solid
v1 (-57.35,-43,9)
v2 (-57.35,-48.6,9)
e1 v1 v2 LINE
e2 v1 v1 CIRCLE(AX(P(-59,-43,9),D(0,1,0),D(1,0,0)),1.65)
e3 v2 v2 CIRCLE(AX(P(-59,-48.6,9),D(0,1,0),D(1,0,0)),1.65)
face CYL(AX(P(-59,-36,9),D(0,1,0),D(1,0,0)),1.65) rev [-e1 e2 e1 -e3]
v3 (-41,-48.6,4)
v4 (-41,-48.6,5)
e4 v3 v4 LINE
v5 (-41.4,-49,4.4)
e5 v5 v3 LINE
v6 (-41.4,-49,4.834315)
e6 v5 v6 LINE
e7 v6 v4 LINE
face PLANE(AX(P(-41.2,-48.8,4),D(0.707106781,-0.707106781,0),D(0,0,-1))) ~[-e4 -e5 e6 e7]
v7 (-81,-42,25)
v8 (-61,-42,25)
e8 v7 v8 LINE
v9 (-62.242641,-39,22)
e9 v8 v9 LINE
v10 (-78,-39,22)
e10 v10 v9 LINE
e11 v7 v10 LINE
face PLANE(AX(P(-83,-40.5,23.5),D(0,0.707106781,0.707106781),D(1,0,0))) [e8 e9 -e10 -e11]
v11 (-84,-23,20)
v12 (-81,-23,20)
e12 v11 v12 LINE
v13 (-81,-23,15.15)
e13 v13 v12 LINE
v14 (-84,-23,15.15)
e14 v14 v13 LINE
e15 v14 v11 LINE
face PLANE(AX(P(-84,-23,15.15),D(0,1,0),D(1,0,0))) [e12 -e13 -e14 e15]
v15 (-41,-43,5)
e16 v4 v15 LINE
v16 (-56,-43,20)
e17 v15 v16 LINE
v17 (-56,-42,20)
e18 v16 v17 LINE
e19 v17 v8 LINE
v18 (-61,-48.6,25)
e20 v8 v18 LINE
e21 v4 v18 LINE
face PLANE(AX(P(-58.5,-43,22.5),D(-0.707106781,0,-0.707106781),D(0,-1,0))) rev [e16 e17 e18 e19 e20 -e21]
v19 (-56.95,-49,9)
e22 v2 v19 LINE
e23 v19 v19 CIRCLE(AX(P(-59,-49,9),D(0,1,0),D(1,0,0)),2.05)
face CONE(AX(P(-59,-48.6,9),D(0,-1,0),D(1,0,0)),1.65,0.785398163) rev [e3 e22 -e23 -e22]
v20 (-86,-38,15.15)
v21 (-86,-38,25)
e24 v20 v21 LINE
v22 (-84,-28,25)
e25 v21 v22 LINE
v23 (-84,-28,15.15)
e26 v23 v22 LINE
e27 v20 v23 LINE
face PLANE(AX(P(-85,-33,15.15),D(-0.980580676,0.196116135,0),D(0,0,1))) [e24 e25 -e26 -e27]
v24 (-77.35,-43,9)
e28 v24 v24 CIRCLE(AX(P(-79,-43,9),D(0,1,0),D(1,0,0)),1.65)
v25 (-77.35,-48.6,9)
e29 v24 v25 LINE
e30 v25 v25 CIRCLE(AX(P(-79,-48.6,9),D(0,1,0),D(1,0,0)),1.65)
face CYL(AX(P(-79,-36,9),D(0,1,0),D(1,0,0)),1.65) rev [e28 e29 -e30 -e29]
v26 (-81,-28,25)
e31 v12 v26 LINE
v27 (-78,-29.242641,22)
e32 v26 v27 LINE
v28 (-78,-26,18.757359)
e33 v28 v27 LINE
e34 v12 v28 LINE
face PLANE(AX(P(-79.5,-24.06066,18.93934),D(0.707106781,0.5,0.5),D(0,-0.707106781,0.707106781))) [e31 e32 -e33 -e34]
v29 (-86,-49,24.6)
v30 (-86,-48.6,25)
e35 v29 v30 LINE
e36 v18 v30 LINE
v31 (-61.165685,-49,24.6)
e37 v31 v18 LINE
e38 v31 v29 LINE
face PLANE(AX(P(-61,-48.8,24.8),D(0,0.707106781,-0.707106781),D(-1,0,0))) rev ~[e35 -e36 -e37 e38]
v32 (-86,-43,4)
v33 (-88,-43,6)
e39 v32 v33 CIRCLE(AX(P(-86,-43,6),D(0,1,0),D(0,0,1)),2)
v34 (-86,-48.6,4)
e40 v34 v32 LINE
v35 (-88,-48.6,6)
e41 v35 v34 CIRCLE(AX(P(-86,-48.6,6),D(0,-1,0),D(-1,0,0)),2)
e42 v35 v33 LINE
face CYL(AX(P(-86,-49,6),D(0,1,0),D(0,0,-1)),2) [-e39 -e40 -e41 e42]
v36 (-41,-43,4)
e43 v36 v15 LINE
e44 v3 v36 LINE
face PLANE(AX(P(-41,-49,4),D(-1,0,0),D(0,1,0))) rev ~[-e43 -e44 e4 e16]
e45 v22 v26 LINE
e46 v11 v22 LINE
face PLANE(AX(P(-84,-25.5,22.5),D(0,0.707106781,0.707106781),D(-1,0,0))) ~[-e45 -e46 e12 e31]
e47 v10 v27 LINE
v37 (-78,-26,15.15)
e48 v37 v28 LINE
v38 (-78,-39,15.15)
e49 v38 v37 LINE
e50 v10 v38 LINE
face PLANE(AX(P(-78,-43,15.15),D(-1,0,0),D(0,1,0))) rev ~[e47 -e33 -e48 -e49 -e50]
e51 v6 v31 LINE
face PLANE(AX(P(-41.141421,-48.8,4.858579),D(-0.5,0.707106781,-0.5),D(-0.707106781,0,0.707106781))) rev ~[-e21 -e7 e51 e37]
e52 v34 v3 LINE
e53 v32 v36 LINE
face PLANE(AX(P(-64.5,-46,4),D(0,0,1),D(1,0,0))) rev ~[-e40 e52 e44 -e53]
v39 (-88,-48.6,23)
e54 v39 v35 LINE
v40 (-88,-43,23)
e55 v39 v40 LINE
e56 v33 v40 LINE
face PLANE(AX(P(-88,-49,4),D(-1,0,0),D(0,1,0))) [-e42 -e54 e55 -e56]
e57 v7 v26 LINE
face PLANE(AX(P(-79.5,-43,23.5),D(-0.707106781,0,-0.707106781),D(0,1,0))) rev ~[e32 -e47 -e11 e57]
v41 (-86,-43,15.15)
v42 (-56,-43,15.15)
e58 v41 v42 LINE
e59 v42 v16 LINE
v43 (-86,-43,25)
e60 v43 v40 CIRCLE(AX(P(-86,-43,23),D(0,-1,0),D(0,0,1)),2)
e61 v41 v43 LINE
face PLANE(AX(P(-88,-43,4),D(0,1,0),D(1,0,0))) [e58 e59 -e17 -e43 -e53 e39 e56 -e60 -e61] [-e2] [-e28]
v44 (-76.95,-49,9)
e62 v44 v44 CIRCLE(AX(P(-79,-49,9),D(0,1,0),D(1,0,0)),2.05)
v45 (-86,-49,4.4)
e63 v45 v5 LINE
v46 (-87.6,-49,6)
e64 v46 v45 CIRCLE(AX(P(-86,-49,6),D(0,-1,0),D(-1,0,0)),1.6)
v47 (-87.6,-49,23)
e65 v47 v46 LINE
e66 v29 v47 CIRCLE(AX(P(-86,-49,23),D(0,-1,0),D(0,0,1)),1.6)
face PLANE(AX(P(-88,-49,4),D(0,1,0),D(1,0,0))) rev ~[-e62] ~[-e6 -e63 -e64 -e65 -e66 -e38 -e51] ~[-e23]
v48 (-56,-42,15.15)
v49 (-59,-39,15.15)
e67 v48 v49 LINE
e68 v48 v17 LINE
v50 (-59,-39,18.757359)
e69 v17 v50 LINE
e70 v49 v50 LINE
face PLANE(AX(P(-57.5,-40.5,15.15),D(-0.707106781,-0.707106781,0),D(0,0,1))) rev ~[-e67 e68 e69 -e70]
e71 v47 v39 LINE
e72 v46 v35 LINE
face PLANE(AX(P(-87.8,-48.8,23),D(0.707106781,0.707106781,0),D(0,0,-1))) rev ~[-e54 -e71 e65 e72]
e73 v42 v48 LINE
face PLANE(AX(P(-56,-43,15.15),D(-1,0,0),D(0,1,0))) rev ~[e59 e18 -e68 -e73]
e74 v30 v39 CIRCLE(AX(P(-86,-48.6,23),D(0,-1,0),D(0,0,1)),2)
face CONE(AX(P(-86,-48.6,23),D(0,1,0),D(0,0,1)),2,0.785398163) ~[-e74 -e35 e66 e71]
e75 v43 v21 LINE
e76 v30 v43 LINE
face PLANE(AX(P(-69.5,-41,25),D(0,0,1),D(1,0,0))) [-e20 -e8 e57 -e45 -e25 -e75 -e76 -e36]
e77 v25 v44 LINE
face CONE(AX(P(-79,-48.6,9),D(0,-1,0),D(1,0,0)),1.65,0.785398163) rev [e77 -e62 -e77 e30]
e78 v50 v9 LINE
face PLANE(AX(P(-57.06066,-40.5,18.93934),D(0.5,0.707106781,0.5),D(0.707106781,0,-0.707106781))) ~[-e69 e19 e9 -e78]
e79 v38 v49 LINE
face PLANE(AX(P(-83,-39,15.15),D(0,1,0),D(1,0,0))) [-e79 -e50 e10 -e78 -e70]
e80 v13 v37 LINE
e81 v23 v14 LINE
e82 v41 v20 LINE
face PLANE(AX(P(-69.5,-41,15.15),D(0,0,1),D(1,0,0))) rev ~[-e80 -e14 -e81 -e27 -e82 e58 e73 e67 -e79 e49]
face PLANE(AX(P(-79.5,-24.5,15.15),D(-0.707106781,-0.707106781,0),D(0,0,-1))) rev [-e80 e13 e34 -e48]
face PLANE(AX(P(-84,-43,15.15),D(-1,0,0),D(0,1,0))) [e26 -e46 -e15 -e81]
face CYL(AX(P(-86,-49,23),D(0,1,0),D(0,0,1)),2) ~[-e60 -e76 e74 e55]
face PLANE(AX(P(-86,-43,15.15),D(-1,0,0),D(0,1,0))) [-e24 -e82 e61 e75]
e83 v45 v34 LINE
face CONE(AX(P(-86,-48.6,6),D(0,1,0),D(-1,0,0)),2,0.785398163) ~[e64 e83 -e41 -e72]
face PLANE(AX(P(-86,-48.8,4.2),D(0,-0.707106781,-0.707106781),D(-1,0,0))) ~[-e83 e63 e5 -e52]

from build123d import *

# Parameters (mm, degrees)
CYLINDER007_R     = 1.65
CYLINDER007_DEPTH = 15
CYLINDER008_R     = 1.65
CYLINDER008_DEPTH = 15
BOX027_W          = 4
BOX027_H          = 15
BOX027_DEPTH      = 9.85
CHAMFER017_SIZE2  = 2
CHAMFER017_SIZE   = 10
BOX024_W          = 6
BOX024_H          = 20
BOX024_DEPTH      = 9.85
CHAMFER015_SIZE   = 5
CHAMFER016_SIZE   = 3
BOX026_W          = 27
BOX026_H          = 4
BOX026_DEPTH      = 9.85
CHAMFER010_SIZE   = 5
CHAMFER011_SIZE   = 3
BOX022_W          = 47
BOX022_H          = 6
BOX022_DEPTH      = 21
CHAMFER008_SIZE   = 20
FILLET004_R       = 2
CHAMFER009_SIZE   = 0.4
CHAMFER018_SIZE   = 0.4


with BuildPart() as cylinder007:
    # Cylinder007 → Cylinder007 (new body)
    with BuildSketch(Plane(origin=(-59, -36, 9), x_dir=(1, 0, 0), z_dir=(0, -1, 0))):
        Circle(CYLINDER007_R)
    extrude(amount=CYLINDER007_DEPTH)


with BuildPart() as fusion002003009:
    # Cylinder008 → Cylinder008 (new body)
    with BuildSketch(Plane(origin=(-79, -36, 9), x_dir=(1, 0, 0), z_dir=(0, -1, 0))):
        Circle(CYLINDER008_R)
    extrude(amount=CYLINDER008_DEPTH)

    # Fusion002003009: union Cylinder007
    add(cylinder007.part)


with BuildPart() as chamfer017:
    # Box027 → Box027 (new body)
    with BuildSketch(Plane(origin=(-86, -43, 15.15), x_dir=(1, 0, 0), z_dir=(0, 0, 1))):
        with Locations((2, 7.5)):
            Rectangle(BOX027_W, BOX027_H)
    extrude(amount=BOX027_DEPTH)

    # Chamfer017
    chamfer017_edges = [chamfer017.edges().sort_by_distance(p)[0] for p in [
        (-86, -28, 20.075),
    ]]
    chamfer017_side = chamfer017.faces().sort_by_distance((-86, -35.5, 20.075))[0]
    chamfer(chamfer017_edges, length=CHAMFER017_SIZE, length2=CHAMFER017_SIZE2, reference=chamfer017_side)


with BuildPart() as chamfer016:
    # Box024 → Box024 (new body)
    with BuildSketch(Plane(origin=(-84, -43, 15.15), x_dir=(1, 0, 0), z_dir=(0, 0, 1))):
        with Locations((3, 10)):
            Rectangle(BOX024_W, BOX024_H)
    extrude(amount=BOX024_DEPTH)

    # Chamfer015
    chamfer015_edges = [chamfer016.edges().sort_by_distance(p)[0] for p in [
        (-81, -23, 25),
    ]]
    chamfer(chamfer015_edges, length=CHAMFER015_SIZE)

    # Chamfer016
    chamfer016_edges = [chamfer016.edges().sort_by_distance(p)[0] for p in [
        (-78, -35.5, 25),
        (-78, -25.5, 22.5),
        (-78, -23, 17.575),
    ]]
    chamfer(chamfer016_edges, length=CHAMFER016_SIZE)


with BuildPart() as chamfer011:
    # Box026 → Box026 (new body)
    with BuildSketch(Plane(origin=(-83, -43, 15.15), x_dir=(1, 0, 0), z_dir=(0, 0, 1))):
        with Locations((13.5, 2)):
            Rectangle(BOX026_W, BOX026_H)
    extrude(amount=BOX026_DEPTH)

    # Chamfer010
    chamfer010_edges = [chamfer011.edges().sort_by_distance(p)[0] for p in [
        (-56, -41, 25),
    ]]
    chamfer(chamfer010_edges, length=CHAMFER010_SIZE)

    # Chamfer011
    chamfer011_edges = [chamfer011.edges().sort_by_distance(p)[0] for p in [
        (-56, -39, 17.575),
        (-58.5, -39, 22.5),
        (-72, -39, 25),
    ]]
    chamfer(chamfer011_edges, length=CHAMFER011_SIZE)


with BuildPart() as wing:
    # Box022 → Box022 (new body)
    with BuildSketch(Plane(origin=(-88, -49, 4), x_dir=(1, 0, 0), z_dir=(0, 0, 1))):
        with Locations((23.5, 3)):
            Rectangle(BOX022_W, BOX022_H)
    extrude(amount=BOX022_DEPTH)

    # Chamfer008
    chamfer008_edges = [wing.edges().sort_by_distance(p)[0] for p in [
        (-41, -46, 25),
    ]]
    chamfer(chamfer008_edges, length=CHAMFER008_SIZE)

    # Fillet004
    fillet004_edges = [wing.edges().sort_by_distance(p)[0] for p in [
        (-88, -46, 4),
        (-88, -46, 25),
    ]]
    fillet(fillet004_edges, radius=FILLET004_R)

    # Chamfer009
    chamfer009_edges = [wing.edges().sort_by_distance(p)[0] for p in [
        (-63.5, -49, 4),
        (-87.414214, -49, 4.585786),
        (-88, -49, 14.5),
        (-87.414214, -49, 24.414214),
        (-73.5, -49, 25),
        (-51, -49, 15),
        (-41, -49, 4.5),
    ]]
    chamfer(chamfer009_edges, length=CHAMFER009_SIZE)

    # Fusion002003007: union Chamfer017, Chamfer016, Chamfer011
    add(chamfer017.part)
    add(chamfer016.part)
    add(chamfer011.part)

    # Cut004: cut Fusion002003009
    add(fusion002003009.part, mode=Mode.SUBTRACT)

    # Chamfer018
    chamfer018_edges = [wing.edges().sort_by_distance(p)[0] for p in [
        (-80.65, -49, 9),
        (-60.65, -49, 9),
    ]]
    chamfer(chamfer018_edges, length=CHAMFER018_SIZE)


solid = wing.part
